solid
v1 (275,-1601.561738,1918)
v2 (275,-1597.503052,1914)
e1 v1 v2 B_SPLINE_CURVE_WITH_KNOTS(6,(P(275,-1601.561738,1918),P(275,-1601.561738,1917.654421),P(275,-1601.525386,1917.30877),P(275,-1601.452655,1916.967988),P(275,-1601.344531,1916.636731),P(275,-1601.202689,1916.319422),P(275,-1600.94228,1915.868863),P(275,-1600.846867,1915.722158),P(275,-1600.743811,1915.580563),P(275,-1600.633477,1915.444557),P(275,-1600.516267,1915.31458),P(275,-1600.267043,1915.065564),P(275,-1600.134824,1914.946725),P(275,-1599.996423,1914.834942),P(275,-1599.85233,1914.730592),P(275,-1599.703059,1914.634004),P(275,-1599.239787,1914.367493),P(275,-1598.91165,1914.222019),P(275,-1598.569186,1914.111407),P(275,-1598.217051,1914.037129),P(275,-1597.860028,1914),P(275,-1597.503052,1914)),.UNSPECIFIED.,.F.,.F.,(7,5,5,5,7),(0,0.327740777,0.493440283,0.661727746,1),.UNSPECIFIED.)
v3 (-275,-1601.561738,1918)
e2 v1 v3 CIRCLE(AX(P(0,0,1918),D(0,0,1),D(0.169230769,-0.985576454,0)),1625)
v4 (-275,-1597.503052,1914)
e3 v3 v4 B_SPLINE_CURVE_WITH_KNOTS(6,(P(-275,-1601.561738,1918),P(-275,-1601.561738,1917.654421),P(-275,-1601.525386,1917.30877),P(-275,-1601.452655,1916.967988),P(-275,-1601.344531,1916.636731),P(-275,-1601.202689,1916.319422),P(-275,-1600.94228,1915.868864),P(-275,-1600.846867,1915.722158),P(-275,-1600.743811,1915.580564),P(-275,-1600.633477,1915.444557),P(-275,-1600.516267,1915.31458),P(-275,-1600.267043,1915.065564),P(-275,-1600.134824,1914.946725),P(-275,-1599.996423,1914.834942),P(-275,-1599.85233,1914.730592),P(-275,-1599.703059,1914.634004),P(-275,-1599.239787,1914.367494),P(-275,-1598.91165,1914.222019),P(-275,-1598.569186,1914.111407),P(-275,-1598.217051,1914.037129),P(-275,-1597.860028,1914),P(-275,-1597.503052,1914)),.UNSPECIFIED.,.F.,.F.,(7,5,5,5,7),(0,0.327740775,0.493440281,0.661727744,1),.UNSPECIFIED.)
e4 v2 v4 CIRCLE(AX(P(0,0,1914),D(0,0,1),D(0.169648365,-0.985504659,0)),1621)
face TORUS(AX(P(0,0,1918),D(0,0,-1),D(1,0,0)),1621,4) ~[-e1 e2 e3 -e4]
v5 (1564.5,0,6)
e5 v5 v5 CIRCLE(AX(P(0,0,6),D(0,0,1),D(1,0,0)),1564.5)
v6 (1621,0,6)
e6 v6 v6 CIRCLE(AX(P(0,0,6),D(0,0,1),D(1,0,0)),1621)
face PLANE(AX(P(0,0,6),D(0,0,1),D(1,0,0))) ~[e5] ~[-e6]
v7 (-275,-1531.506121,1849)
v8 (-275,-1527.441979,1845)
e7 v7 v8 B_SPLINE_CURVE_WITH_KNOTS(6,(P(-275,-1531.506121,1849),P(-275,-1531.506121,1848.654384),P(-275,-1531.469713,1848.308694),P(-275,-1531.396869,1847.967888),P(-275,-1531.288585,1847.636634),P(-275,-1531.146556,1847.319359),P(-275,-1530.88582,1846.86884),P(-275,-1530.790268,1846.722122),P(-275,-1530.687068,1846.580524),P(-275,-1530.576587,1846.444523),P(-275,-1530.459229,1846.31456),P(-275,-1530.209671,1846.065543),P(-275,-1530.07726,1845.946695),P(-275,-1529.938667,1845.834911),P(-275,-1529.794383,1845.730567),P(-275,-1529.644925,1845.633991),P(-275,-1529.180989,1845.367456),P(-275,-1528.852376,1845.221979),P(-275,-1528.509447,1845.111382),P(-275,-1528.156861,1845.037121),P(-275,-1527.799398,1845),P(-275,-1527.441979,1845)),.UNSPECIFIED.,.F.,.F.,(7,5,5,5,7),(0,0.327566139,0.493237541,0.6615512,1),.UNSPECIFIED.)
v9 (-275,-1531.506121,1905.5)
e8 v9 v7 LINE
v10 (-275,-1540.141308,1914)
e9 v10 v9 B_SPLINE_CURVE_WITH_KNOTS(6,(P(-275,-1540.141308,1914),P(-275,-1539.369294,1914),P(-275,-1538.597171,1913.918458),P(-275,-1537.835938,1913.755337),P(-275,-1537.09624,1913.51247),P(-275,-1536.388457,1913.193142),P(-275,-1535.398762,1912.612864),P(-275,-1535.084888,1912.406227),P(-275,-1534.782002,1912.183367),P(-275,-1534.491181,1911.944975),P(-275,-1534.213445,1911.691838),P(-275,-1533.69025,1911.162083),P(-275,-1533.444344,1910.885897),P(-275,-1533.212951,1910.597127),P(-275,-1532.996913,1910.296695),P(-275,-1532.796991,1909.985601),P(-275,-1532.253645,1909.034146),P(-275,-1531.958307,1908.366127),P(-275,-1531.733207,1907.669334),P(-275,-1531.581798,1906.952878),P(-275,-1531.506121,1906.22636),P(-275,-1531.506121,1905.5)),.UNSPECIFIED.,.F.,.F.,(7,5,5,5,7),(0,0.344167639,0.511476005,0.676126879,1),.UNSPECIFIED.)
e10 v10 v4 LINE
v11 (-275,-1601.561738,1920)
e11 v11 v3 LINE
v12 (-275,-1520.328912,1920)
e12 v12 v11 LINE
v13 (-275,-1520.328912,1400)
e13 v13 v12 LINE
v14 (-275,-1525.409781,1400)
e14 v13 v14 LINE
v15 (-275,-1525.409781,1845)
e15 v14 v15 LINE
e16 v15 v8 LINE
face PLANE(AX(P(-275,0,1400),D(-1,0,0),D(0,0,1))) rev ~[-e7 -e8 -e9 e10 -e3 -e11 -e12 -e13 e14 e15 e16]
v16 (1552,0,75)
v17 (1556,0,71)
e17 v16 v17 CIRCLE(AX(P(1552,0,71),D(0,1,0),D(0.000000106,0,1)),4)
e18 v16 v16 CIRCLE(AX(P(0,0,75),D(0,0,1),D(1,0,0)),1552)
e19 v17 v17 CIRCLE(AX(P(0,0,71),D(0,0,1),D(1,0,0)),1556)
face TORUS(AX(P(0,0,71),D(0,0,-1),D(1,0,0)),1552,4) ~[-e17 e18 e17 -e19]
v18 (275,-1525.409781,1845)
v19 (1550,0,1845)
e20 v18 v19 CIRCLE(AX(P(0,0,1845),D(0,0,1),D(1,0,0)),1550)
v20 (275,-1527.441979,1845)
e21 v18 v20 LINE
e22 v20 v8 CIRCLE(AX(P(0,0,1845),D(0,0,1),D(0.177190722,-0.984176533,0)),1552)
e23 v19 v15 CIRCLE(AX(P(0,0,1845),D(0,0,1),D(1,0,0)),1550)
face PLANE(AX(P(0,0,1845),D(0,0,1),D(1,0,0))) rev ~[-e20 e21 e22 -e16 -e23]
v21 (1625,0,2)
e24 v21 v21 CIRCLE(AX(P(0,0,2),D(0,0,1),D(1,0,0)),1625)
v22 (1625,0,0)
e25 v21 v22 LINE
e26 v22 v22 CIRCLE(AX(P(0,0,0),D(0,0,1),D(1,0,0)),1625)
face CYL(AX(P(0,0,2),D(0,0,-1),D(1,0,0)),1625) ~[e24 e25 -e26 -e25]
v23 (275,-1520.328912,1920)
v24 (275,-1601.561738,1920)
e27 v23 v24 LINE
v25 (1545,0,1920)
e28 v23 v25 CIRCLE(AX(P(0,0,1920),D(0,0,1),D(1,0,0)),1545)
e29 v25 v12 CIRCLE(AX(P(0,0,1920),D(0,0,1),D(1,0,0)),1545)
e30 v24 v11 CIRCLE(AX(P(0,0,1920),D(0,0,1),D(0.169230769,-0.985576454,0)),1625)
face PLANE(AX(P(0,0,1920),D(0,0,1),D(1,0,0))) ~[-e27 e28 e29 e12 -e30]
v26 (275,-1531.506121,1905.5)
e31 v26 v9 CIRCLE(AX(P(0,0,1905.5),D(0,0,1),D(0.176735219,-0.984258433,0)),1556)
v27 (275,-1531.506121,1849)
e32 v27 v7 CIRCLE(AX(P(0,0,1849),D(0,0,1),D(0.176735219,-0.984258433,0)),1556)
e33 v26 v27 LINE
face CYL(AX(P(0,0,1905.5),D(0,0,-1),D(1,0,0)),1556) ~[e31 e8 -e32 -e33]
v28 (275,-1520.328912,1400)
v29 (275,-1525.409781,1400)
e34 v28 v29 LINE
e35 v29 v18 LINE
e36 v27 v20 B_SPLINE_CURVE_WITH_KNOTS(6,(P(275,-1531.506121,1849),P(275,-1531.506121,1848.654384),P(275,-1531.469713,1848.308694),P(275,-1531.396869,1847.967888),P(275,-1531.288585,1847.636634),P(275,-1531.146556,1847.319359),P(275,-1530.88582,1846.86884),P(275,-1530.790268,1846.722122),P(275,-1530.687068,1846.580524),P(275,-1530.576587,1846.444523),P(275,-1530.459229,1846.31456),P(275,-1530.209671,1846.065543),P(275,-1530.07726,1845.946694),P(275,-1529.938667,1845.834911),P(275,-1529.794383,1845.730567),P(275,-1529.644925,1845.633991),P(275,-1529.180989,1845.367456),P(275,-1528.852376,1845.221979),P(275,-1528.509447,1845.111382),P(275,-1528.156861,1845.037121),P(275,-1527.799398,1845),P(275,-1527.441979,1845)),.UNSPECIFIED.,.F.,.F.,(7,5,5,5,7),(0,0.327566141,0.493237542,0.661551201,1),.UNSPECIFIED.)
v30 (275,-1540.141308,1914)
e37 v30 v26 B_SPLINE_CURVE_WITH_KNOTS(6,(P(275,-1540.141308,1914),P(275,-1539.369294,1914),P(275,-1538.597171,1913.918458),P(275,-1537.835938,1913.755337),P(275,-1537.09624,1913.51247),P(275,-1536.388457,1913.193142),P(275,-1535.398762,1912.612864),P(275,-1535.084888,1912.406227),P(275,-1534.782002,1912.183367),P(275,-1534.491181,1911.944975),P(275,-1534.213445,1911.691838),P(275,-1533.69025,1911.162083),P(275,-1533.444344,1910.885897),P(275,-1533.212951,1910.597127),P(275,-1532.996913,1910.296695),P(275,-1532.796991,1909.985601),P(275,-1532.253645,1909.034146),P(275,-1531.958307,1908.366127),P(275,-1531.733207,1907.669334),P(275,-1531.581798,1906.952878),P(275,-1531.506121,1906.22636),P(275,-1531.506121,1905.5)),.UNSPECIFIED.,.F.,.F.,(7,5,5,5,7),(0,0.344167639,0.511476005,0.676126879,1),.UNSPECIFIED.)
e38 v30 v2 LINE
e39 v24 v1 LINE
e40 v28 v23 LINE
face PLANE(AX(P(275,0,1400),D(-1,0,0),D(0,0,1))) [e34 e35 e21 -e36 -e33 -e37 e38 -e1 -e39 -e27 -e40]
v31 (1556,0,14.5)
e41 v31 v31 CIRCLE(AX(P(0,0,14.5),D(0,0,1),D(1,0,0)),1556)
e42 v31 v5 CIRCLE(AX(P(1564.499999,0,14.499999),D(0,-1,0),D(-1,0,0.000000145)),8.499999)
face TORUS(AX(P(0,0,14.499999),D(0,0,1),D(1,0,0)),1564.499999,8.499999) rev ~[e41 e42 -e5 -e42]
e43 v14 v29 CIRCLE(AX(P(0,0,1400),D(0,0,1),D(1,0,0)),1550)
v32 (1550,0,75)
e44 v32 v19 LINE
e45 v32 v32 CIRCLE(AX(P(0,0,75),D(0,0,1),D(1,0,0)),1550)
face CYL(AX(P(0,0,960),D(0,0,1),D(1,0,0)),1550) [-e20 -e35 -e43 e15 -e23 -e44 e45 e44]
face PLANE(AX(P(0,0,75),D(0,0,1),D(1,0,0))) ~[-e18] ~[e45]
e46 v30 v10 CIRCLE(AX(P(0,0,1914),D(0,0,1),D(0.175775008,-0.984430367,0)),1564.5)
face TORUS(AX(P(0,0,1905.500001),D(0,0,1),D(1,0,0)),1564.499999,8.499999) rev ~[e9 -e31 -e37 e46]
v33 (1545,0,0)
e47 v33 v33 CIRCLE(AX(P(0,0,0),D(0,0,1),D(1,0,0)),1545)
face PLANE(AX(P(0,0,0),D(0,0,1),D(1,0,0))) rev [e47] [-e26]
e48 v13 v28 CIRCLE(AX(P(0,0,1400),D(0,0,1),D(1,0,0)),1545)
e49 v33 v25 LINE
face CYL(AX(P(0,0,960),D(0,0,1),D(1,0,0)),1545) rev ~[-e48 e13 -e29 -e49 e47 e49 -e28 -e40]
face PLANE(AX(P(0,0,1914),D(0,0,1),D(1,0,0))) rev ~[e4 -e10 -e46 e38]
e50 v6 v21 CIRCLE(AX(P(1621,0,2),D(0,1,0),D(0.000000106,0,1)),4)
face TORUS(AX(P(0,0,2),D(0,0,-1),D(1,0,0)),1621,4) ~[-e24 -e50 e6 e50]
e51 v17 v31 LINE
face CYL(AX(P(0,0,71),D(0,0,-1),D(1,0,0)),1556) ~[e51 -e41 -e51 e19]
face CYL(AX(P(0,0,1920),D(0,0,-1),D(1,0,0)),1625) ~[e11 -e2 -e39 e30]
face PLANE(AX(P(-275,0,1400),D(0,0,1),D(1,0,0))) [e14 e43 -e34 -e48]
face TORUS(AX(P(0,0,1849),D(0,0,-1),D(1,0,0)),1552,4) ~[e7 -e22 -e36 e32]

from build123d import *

# Parameters (mm, degrees)
SKETCH001_W   = 550
SKETCH001_H   = 520
EXTRUDE_DEPTH = 2500
SKETCH_W      = 5
SKETCH_H      = 1920


with BuildPart() as extrude_body:
    # Sketch001 → Extrude (new body)
    with BuildSketch(Plane.XZ):
        with Locations((0, 1660)):
            Rectangle(SKETCH001_W, SKETCH001_H)
    extrude(amount=EXTRUDE_DEPTH)


with BuildPart() as revolve001:
    # AngleSteel → Revolve001 (revolve)
    with BuildSketch(Plane(origin=(1570.58985, 0, 20.58985), x_dir=(1, 0, 0), z_dir=(0, 1, 0))):
        with BuildLine():
            Line((-20.58985, 20.58985), (-20.58985, -54.41015))
            Line((-20.58985, -54.41015), (-18.58985, -54.41015))
            ThreePointArc((-18.58985, -54.41015), (-15.761423, -53.238577), (-14.58985, -50.41015))
            Line((-14.58985, -50.41015), (-14.58985, 6.08985))
            ThreePointArc((-14.58985, 6.08985), (-12.100258, 12.100258), (-6.08985, 14.58985))
            Line((-6.08985, 14.58985), (50.41015, 14.58985))
            ThreePointArc((50.41015, 14.58985), (53.238577, 15.761423), (54.41015, 18.58985))
            Line((54.41015, 18.58985), (54.41015, 20.58985))
            Line((54.41015, 20.58985), (-20.58985, 20.58985))
        make_face()
    revolve(axis=Axis((0, 0, 0), (0, 0, 1)))


with BuildPart() as revolve002:
    # AngleSteel001 → Revolve002 (revolve)
    with BuildSketch(Plane(origin=(1570.58985, 0, 1899.41015), x_dir=(1, 0, 0), z_dir=(0, 1, 0))):
        with BuildLine():
            Line((-20.58985, -20.58985), (54.41015, -20.58985))
            Line((54.41015, -20.58985), (54.41015, -18.58985))
            ThreePointArc((54.41015, -18.58985), (53.238577, -15.761423), (50.41015, -14.58985))
            Line((50.41015, -14.58985), (-6.08985, -14.58985))
            ThreePointArc((-6.08985, -14.58985), (-12.100258, -12.100258), (-14.58985, -6.08985))
            Line((-14.58985, -6.08985), (-14.58985, 50.41015))
            ThreePointArc((-14.58985, 50.41015), (-15.761423, 53.238577), (-18.58985, 54.41015))
            Line((-18.58985, 54.41015), (-20.58985, 54.41015))
            Line((-20.58985, 54.41015), (-20.58985, -20.58985))
        make_face()
    revolve(axis=Axis((0, 0, 0), (0, 0, 1)))


with BuildPart() as cut:
    # Sketch → Revolve (revolve)
    with BuildSketch(Plane.XZ):
        with Locations((1547.5, 960)):
            Rectangle(SKETCH_W, SKETCH_H)
    revolve(axis=Axis((0, 0, 0), (0, 0, 1)))

    # Fusion: union Revolve001, Revolve002
    add(revolve001.part)
    add(revolve002.part)

    # Cut: cut Extrude body
    add(extrude_body.part, mode=Mode.SUBTRACT)


solid = cut.part
